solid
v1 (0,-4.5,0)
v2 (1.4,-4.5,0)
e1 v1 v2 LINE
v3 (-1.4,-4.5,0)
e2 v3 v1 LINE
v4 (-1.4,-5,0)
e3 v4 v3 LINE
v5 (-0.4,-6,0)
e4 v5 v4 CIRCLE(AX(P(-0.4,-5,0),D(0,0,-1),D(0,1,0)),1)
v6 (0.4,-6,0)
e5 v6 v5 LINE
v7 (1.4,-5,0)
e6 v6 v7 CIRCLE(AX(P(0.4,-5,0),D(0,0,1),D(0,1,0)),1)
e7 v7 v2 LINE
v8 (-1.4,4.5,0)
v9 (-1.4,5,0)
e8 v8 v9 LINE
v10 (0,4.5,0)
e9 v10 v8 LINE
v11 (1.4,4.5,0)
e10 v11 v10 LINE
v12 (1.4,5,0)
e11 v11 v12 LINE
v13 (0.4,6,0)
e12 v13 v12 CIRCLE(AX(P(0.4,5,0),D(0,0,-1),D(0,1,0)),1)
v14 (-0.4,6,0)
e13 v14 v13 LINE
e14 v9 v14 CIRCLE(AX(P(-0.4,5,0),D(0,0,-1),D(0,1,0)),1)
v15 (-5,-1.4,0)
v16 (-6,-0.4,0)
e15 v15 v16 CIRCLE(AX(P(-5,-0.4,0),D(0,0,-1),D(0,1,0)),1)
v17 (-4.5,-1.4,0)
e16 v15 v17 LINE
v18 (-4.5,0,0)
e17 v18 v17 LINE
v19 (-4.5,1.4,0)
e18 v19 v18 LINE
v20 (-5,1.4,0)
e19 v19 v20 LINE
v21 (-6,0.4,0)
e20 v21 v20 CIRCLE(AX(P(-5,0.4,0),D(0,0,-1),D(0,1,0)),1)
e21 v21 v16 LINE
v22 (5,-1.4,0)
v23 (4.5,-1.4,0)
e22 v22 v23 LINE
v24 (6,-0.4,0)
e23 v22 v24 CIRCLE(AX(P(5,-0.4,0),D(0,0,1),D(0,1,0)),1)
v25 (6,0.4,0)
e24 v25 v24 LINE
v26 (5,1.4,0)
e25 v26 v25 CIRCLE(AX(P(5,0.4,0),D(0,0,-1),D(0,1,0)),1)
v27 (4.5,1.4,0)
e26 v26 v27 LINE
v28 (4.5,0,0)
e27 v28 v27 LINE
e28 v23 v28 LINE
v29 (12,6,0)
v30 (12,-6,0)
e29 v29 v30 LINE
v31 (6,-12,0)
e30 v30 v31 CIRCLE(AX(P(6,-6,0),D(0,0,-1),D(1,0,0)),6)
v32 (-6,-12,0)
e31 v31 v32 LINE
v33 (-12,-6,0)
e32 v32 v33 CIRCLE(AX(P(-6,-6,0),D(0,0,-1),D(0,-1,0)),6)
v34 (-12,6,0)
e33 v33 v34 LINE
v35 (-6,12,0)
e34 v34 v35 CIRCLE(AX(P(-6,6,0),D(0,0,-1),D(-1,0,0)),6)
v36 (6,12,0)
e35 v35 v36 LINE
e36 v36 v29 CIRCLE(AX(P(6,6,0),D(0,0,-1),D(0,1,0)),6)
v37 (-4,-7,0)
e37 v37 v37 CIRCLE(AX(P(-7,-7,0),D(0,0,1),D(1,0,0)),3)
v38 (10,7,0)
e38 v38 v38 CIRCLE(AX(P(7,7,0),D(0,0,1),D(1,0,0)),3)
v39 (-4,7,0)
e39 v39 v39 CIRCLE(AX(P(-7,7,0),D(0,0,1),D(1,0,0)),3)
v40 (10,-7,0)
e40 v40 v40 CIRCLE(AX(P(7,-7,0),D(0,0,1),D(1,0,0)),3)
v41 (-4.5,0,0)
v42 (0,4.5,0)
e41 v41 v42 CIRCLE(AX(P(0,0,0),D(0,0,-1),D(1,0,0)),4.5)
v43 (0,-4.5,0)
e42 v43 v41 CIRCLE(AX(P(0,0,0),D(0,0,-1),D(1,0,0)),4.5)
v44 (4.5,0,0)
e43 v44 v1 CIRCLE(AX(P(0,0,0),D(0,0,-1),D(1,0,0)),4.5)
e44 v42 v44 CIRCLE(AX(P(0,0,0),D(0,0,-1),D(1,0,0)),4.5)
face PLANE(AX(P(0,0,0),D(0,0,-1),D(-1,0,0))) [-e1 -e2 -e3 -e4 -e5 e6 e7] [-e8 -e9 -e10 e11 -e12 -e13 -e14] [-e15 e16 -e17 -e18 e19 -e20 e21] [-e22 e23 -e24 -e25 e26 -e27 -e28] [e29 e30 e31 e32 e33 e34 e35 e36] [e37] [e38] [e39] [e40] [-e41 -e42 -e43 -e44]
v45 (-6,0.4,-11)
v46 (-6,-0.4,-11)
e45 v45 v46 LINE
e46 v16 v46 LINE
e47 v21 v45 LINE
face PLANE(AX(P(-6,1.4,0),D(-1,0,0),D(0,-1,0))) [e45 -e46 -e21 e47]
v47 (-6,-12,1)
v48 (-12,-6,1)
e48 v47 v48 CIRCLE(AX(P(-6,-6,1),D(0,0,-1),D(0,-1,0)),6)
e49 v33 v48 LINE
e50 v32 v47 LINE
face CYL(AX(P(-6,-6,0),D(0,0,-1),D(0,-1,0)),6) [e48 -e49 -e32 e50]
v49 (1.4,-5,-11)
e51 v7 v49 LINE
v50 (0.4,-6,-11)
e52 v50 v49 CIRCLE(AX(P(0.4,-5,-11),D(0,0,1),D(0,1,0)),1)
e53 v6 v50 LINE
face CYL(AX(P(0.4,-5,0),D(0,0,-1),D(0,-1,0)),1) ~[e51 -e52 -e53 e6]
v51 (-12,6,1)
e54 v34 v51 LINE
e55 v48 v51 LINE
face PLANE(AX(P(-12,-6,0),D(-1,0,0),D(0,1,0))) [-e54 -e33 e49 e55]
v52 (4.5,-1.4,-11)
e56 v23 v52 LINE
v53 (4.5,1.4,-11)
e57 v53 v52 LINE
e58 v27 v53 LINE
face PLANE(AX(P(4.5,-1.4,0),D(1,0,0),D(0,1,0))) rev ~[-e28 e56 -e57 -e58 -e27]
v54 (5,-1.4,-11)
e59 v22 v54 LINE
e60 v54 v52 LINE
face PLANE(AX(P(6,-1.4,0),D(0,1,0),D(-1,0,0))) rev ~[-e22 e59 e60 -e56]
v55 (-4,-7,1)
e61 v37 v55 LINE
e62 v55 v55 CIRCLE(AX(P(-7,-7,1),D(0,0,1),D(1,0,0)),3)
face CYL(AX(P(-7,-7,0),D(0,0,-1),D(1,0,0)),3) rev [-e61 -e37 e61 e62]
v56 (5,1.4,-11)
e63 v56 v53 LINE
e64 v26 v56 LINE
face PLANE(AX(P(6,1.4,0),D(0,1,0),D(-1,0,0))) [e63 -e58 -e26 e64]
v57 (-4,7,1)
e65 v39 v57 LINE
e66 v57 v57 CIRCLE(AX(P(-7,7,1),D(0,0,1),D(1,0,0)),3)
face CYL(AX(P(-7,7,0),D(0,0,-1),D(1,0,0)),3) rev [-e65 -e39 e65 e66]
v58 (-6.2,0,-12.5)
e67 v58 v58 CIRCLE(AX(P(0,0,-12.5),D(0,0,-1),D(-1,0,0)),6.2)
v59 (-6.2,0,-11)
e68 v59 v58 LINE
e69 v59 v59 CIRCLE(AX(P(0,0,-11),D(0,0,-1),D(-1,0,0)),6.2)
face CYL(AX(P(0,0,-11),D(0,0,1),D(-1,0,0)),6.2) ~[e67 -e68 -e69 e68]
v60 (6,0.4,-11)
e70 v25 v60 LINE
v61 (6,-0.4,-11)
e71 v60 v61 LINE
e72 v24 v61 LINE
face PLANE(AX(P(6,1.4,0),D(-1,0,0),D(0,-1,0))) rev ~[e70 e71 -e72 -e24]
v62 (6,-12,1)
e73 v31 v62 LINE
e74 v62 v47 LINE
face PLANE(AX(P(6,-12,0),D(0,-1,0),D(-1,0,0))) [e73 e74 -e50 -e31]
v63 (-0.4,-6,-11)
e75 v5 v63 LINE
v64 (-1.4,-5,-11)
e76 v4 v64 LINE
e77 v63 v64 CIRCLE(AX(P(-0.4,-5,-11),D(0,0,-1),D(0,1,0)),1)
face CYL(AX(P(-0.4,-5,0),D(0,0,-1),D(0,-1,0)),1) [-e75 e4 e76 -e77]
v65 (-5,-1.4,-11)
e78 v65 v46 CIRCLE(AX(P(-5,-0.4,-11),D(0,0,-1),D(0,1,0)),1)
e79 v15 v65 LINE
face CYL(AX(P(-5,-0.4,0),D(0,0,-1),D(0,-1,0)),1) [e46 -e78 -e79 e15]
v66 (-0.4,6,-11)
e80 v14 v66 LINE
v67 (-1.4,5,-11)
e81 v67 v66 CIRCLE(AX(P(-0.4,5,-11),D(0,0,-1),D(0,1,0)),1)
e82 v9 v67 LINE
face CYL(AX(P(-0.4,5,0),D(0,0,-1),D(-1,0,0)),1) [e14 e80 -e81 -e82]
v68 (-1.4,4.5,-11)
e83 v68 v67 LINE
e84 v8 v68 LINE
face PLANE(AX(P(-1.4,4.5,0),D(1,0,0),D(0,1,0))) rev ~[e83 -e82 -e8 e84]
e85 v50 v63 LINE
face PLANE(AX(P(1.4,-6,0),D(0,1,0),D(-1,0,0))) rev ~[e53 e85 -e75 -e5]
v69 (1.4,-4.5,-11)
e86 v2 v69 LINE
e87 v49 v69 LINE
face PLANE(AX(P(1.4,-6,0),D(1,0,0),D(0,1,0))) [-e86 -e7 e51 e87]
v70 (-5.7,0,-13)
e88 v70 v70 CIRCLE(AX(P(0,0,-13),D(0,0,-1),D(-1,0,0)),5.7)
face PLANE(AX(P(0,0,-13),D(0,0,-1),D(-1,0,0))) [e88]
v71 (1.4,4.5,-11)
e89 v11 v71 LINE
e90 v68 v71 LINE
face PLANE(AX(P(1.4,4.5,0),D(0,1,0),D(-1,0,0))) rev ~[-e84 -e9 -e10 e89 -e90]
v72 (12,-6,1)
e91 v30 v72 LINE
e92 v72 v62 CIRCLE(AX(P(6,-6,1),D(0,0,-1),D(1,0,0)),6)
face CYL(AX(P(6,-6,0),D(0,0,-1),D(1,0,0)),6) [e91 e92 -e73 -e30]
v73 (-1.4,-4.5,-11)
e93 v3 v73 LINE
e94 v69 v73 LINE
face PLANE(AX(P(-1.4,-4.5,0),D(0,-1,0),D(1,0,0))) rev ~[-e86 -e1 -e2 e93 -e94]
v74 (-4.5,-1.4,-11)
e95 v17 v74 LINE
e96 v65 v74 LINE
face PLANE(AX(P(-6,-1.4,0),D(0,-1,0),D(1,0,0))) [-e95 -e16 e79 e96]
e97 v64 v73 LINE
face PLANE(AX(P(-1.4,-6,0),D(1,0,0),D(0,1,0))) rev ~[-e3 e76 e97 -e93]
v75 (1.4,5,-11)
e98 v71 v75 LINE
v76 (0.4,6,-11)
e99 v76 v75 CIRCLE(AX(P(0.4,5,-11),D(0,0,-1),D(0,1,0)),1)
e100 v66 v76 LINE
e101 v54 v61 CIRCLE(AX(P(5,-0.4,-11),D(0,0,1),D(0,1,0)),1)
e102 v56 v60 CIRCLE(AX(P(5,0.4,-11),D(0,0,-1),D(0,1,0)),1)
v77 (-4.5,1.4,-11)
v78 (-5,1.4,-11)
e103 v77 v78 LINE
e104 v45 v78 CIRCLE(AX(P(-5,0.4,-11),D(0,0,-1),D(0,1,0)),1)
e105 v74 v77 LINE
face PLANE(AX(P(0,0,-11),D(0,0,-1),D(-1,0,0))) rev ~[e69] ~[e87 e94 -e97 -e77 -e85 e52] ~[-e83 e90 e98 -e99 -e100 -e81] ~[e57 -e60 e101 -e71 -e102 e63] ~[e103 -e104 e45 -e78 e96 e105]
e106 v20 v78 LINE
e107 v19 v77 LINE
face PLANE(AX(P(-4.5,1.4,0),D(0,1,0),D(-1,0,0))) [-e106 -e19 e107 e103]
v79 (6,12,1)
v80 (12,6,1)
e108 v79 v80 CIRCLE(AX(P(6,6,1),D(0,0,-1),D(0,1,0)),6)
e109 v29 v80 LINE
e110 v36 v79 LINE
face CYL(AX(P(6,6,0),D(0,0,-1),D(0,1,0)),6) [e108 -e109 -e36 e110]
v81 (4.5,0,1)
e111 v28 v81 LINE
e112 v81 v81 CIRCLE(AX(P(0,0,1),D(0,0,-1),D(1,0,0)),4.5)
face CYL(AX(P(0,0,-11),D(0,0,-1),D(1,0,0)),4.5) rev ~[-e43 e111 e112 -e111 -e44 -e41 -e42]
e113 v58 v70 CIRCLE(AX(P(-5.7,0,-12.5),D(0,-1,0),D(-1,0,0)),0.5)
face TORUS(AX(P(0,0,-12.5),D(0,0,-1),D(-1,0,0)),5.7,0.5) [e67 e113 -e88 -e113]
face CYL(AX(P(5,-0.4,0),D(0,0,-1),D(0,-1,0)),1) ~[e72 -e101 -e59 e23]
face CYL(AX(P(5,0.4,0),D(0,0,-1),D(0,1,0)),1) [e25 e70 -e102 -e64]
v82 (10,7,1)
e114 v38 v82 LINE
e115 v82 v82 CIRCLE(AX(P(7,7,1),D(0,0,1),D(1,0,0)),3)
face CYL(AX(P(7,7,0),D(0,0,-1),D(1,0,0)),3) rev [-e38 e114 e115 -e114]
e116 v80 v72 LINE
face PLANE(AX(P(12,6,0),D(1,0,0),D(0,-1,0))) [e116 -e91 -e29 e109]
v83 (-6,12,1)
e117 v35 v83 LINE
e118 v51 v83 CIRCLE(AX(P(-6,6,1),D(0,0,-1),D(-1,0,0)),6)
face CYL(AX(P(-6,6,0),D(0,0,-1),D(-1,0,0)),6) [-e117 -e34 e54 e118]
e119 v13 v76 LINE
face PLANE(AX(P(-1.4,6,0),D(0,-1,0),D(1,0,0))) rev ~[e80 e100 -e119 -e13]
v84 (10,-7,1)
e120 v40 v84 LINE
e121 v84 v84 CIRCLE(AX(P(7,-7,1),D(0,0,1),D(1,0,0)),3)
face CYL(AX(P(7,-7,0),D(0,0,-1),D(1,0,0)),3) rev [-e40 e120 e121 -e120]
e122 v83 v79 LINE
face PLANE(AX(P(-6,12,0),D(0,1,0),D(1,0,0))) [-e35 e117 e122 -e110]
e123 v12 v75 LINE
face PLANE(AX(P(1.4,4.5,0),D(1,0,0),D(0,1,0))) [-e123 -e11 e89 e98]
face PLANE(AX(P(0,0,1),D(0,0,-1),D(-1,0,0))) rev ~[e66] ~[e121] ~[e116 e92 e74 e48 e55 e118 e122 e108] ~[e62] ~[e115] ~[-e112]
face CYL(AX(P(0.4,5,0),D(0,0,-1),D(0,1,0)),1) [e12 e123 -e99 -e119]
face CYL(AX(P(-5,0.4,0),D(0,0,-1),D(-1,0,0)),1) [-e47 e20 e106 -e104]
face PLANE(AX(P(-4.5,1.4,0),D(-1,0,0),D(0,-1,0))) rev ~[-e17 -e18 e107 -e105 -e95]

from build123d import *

# Parameters (mm, degrees)
SKETCH2_R           = 3
BOSS_EXTRUDE2_DEPTH = 1
SKETCH6_W           = 2.8
SKETCH6_H           = 1.5
SKETCH6_W_2         = 1.5
SKETCH6_H_2         = 2.8
BOSS_EXTRUDE5_DEPTH = 11
FILLET4_R           = 1
SKETCH8_R           = 4.5
CUT_EXTRUDE1_DEPTH  = 20
SKETCH9_R           = 6.2
BOSS_EXTRUDE6_DEPTH = 2
FILLET5_R           = 0.5


with BuildPart() as part:
    # Sketch2 → Boss-Extrude2 (new body)
    with BuildSketch(Plane.XY):
        with BuildLine():
            Line((12, -6), (12, 0))
            Line((12, 0), (12, 6))
            ThreePointArc((12, 6), (10.242640687, 10.242640687), (6, 12))
            Line((6, 12), (0, 12))
            Line((0, 12), (-6, 12))
            ThreePointArc((-6, 12), (-10.242640687, 10.242640687), (-12, 6))
            Line((-12, 6), (-12, 0))
            Line((-12, 0), (-12, -6))
            ThreePointArc((-12, -6), (-10.242640687, -10.242640687), (-6, -12))
            Line((-6, -12), (0, -12))
            Line((0, -12), (6, -12))
            ThreePointArc((6, -12), (10.242640687, -10.242640687), (12, -6))
        make_face()
        with Locations((-7, -7)):
            Circle(SKETCH2_R, mode=Mode.SUBTRACT)
        with Locations((7, -7)):
            Circle(SKETCH2_R, mode=Mode.SUBTRACT)
        with Locations((-7, 7)):
            Circle(SKETCH2_R, mode=Mode.SUBTRACT)
        Circle(SKETCH2_R, mode=Mode.SUBTRACT)
        with Locations((7, 7)):
            Circle(SKETCH2_R, mode=Mode.SUBTRACT)
    extrude(amount=BOSS_EXTRUDE2_DEPTH)

    # Sketch6 → Boss-Extrude5 (add)
    with BuildSketch(Plane(origin=(0, 0, 0), x_dir=(-1, 0, 0), z_dir=(0, 0, -1))):
        with Locations((0, 5.25)):
            Rectangle(SKETCH6_W, SKETCH6_H)
        with Locations((-5.25, 0)):
            Rectangle(SKETCH6_W_2, SKETCH6_H_2)
        with Locations((0, -5.25)):
            Rectangle(SKETCH6_W, SKETCH6_H)
        with Locations((5.25, 0)):
            Rectangle(SKETCH6_W_2, SKETCH6_H_2)
    extrude(amount=BOSS_EXTRUDE5_DEPTH)

    # Fillet4
    fillet4_edges = [part.edges().sort_by_distance(p)[0] for p in [
        (-6, -1.4, -5.5),
        (-6, 1.4, -5.5),
        (-1.4, -6, -5.5),
        (1.4, -6, -5.5),
        (6, -1.4, -5.5),
        (6, 1.4, -5.5),
        (-1.4, 6, -5.5),
        (1.4, 6, -5.5),
    ]]
    fillet(fillet4_edges, radius=FILLET4_R)

    # Sketch8 → Cut-Extrude1 (cut)
    with BuildSketch(Plane(origin=(0, 0, -11), x_dir=(-1, 0, 0), z_dir=(0, 0, -1))):
        Circle(SKETCH8_R)
    extrude(amount=-CUT_EXTRUDE1_DEPTH, mode=Mode.SUBTRACT)

    # Sketch9 → Boss-Extrude6 (add)
    with BuildSketch(Plane(origin=(0, 0, -11), x_dir=(-1, 0, 0), z_dir=(0, 0, -1))):
        Circle(SKETCH9_R)
    extrude(amount=BOSS_EXTRUDE6_DEPTH)

    # Fillet5
    fillet5_edges = [part.edges().sort_by_distance(p)[0] for p in [
        (6.2, 0, -13),
    ]]
    fillet(fillet5_edges, radius=FILLET5_R)


solid = part.part
